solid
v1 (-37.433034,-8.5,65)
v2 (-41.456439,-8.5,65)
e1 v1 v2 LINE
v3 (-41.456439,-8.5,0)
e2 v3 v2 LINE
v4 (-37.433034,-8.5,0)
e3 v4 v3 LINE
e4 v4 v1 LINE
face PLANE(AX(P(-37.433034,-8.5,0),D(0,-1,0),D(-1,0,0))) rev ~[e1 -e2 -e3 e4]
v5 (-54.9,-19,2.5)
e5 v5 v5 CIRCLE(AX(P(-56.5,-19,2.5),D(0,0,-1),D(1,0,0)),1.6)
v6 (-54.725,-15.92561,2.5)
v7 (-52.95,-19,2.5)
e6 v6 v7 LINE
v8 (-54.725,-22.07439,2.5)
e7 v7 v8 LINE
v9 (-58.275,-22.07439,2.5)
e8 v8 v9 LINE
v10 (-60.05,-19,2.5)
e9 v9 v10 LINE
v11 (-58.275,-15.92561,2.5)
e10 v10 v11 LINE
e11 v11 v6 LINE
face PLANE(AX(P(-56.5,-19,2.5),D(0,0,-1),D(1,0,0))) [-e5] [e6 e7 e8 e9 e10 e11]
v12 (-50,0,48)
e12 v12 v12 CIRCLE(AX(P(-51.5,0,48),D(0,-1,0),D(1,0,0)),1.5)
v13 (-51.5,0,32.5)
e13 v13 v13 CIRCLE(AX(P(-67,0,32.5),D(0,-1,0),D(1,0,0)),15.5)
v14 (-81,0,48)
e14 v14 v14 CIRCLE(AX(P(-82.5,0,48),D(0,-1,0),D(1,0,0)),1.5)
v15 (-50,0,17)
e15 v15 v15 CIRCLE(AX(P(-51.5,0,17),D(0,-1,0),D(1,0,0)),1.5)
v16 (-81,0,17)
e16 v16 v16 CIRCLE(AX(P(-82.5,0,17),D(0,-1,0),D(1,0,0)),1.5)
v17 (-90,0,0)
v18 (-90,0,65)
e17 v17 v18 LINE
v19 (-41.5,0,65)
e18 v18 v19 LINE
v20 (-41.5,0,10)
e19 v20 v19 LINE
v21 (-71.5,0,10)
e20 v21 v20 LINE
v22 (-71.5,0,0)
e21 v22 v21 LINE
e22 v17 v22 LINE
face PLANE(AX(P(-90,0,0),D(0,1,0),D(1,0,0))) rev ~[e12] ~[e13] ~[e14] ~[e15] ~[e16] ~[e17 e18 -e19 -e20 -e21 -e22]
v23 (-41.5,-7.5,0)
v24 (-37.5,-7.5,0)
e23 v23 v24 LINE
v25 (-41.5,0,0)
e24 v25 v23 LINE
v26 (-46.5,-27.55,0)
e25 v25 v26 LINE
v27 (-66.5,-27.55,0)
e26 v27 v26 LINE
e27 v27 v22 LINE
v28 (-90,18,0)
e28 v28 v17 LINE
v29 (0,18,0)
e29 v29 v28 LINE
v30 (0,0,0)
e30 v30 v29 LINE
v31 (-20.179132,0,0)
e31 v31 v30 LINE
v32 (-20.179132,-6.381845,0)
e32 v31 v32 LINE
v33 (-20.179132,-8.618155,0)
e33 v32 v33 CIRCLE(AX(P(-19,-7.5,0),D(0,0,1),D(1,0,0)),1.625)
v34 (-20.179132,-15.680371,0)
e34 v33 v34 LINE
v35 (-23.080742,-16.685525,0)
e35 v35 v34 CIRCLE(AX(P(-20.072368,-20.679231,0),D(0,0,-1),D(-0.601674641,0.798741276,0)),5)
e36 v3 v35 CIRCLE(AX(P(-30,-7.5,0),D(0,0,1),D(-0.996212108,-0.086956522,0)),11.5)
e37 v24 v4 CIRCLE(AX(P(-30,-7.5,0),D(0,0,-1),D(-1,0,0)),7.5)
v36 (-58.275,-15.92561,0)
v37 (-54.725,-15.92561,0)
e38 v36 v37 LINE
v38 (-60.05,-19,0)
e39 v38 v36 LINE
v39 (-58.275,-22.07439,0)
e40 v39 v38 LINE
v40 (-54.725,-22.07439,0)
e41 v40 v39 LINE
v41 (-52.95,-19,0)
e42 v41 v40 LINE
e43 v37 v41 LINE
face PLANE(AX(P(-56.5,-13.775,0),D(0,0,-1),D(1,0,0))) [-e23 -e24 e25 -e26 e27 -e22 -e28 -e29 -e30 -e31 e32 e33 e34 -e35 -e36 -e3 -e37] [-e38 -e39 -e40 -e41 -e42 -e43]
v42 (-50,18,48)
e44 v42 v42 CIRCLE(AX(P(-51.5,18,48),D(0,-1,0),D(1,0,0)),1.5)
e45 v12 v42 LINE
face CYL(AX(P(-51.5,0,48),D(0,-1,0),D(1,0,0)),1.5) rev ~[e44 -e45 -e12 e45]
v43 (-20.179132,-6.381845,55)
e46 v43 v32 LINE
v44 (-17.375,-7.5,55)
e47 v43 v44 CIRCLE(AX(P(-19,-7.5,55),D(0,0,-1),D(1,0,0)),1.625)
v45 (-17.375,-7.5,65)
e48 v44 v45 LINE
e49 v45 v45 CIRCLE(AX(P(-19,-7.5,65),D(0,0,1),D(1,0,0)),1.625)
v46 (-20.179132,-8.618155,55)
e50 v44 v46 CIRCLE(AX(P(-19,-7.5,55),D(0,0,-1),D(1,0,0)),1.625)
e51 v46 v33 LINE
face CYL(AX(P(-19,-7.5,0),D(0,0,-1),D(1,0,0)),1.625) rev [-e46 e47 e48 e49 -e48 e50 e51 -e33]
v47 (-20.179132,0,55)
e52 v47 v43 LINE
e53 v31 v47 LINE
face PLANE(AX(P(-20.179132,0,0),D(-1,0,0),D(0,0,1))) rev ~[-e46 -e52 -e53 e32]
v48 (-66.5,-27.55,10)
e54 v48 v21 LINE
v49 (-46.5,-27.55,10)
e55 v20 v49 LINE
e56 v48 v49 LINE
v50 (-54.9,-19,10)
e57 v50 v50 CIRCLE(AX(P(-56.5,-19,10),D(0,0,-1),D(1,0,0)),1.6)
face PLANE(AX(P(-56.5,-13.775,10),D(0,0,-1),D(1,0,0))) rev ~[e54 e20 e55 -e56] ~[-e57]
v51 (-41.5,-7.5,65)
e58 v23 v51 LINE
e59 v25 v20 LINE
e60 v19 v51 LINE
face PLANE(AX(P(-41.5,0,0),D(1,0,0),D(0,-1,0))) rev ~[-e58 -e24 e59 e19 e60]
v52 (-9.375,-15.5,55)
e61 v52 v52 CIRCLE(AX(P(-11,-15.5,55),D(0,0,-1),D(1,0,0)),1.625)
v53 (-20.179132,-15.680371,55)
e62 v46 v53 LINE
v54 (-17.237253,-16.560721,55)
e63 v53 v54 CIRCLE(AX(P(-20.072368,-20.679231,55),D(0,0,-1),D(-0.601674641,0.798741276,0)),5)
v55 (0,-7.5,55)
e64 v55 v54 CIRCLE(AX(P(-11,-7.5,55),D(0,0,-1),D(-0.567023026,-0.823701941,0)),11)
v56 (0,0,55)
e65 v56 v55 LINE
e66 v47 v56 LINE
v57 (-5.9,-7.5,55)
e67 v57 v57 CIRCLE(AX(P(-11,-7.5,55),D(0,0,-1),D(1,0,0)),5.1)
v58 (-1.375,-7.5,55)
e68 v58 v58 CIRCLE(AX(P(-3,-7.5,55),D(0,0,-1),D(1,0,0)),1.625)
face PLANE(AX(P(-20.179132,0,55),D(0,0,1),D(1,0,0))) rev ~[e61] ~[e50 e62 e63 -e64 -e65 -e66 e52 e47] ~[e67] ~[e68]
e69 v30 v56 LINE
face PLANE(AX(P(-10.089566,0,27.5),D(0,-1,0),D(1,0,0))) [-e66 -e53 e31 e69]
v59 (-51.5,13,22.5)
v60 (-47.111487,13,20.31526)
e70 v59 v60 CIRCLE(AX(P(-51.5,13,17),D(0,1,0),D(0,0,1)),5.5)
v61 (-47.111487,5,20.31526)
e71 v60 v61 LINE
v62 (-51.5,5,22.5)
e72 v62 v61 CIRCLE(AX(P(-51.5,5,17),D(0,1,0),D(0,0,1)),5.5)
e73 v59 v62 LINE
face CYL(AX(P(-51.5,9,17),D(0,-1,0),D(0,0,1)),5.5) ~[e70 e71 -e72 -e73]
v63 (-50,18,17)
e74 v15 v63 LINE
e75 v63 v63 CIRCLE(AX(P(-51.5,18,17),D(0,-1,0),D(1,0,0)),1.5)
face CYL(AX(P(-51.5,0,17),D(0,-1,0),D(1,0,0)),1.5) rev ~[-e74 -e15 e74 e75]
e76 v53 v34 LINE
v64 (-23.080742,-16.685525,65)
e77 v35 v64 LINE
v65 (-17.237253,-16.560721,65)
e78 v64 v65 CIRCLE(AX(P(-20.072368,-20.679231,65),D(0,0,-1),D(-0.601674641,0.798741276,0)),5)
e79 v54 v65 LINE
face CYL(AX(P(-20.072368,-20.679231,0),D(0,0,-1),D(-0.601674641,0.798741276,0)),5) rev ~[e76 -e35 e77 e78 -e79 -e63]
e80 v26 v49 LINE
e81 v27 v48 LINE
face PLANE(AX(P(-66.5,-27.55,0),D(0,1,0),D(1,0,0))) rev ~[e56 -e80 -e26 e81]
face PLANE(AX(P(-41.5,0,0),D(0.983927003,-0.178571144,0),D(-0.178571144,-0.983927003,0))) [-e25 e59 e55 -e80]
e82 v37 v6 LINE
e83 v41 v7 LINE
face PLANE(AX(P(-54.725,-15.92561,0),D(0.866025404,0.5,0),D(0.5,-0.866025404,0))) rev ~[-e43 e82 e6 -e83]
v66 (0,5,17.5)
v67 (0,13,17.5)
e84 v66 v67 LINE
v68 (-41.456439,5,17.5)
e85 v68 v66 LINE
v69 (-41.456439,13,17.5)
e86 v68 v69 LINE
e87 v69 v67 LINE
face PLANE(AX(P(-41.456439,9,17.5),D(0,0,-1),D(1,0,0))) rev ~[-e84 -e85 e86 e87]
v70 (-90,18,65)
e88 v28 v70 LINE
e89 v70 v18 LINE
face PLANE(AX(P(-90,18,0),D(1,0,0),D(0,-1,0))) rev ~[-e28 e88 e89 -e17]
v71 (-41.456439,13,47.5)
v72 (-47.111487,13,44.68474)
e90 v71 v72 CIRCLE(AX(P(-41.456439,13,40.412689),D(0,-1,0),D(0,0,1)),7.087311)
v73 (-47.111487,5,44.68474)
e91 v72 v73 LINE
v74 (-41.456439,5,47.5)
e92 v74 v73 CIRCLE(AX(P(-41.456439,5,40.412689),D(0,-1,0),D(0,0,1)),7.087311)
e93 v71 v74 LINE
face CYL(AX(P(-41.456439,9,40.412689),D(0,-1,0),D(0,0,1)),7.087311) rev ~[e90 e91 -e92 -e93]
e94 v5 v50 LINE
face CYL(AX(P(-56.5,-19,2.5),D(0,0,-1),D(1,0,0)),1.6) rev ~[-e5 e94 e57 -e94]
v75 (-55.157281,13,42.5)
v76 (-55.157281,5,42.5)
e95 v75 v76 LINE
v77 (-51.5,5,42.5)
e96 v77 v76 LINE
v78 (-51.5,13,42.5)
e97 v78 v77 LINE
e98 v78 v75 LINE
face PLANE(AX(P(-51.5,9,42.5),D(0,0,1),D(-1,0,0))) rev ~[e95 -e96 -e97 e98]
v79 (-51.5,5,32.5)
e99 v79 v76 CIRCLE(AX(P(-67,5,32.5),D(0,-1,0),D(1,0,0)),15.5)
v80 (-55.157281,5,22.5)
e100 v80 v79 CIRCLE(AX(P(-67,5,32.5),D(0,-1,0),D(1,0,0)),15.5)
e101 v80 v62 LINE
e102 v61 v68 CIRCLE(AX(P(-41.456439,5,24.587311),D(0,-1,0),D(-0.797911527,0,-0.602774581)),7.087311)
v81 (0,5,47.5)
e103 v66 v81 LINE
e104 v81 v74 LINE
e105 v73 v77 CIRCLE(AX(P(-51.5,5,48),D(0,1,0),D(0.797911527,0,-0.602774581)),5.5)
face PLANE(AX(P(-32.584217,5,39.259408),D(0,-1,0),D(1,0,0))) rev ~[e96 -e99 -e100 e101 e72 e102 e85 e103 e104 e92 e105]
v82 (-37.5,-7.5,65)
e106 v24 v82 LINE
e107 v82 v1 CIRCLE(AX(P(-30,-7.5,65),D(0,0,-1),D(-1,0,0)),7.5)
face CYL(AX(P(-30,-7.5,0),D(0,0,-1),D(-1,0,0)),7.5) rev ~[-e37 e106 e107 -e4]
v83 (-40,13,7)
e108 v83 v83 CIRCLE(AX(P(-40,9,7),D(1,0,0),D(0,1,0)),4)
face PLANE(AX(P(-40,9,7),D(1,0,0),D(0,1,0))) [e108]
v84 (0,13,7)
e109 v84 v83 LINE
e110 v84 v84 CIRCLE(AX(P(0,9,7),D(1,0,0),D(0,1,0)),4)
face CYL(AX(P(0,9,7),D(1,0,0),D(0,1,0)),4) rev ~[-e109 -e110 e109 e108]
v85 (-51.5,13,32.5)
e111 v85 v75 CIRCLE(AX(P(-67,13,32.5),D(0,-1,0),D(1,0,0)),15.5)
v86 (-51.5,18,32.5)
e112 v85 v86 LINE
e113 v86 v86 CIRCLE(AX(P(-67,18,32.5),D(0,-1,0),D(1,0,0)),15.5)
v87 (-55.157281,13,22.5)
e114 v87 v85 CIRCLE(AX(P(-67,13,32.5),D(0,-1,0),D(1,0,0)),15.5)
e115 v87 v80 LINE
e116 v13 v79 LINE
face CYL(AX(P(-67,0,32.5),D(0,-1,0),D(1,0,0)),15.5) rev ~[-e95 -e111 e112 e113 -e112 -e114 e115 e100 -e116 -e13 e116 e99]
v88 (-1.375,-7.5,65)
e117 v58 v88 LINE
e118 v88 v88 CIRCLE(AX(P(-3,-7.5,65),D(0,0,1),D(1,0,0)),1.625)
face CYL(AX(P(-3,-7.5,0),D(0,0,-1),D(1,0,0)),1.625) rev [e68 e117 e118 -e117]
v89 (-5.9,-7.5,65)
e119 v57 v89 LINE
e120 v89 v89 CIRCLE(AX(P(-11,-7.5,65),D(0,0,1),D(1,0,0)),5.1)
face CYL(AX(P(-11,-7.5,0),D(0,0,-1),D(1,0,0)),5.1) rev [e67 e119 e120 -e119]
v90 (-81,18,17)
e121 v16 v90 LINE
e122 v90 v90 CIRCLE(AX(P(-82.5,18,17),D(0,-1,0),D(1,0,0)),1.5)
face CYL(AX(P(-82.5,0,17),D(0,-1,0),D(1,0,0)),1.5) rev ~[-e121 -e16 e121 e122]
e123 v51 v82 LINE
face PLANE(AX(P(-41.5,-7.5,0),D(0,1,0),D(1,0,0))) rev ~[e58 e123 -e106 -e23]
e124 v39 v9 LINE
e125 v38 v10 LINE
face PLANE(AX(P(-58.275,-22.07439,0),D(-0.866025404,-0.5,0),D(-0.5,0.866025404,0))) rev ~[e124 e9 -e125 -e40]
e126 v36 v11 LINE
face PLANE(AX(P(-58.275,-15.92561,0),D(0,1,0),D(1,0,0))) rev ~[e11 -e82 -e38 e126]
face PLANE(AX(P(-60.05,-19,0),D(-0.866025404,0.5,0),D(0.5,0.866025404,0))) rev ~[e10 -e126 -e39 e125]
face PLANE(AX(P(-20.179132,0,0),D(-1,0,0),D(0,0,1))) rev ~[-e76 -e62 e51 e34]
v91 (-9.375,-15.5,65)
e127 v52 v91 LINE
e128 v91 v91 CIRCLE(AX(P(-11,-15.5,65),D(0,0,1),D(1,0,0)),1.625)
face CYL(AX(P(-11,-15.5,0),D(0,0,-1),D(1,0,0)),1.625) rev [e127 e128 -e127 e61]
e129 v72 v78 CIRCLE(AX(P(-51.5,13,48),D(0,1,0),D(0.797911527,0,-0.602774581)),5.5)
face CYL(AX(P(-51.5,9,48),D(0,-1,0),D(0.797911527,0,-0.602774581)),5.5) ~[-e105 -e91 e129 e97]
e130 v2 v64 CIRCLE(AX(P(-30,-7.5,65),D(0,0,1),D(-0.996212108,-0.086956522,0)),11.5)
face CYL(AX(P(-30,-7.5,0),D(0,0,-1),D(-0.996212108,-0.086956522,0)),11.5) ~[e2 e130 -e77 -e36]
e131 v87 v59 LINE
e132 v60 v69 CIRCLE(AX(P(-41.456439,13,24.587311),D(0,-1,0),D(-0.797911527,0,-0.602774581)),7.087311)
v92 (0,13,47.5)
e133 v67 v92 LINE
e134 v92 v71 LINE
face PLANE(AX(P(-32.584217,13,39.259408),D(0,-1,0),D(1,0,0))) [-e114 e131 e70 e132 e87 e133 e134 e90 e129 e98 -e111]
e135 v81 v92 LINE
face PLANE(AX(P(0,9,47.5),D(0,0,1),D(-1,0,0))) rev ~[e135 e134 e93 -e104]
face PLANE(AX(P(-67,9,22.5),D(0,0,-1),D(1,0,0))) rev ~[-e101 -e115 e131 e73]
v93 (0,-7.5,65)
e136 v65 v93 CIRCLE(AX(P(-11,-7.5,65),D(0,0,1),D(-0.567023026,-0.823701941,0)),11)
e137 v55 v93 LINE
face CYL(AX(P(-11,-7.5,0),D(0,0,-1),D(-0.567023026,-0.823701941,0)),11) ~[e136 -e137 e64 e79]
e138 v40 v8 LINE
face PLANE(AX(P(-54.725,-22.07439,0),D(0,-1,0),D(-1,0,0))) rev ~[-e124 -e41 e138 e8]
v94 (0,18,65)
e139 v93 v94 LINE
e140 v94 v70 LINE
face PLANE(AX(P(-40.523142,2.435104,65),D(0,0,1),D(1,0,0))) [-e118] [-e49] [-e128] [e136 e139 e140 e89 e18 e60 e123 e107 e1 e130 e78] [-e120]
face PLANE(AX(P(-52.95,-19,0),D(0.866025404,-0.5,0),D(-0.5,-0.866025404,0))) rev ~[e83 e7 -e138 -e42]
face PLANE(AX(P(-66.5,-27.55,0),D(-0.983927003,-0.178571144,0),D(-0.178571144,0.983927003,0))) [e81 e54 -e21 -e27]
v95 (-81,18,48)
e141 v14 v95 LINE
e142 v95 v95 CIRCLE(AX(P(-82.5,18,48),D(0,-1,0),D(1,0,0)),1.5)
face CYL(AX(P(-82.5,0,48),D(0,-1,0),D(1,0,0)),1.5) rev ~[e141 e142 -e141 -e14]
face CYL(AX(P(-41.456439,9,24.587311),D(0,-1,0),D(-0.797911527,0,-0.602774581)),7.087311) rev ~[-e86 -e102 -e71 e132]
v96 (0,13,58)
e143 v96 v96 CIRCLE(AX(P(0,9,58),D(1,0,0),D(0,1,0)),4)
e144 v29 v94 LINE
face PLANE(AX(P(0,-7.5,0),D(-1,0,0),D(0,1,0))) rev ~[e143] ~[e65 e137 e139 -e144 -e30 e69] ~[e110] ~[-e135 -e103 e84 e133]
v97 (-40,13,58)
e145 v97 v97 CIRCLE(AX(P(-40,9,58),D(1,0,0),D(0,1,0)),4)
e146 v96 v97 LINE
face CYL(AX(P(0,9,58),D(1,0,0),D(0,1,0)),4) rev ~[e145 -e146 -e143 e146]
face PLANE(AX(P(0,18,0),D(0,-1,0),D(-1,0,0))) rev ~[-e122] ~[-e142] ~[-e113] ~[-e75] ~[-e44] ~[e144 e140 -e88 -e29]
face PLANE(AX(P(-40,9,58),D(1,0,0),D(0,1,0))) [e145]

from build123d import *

# Parameters (mm, degrees)
F0_R      = 1.625
F0_R_2    = 5.1
F1_DEPTH  = 65
F2_W      = 20.1791324483
F2_H      = 55
F3_DEPTH  = 19.001
F4_R      = 15.5
F4_R_2    = 1.5
F5_DEPTH  = 18.001
F6_R      = 4
F7_DEPTH  = 40
F13_DEPTH = 4
F14_W     = 20
F14_H     = 27.55
F15_DEPTH = 10
F16_DEPTH = 2.5
F17_R     = 1.6
F18_DEPTH = 62.501


with BuildPart() as f1:
    # F0 (on Top) → F1 (new body)
    with BuildSketch(Plane.XY):
        with BuildLine():
            Line((0, 0), (0, 18))
            Line((0, 18), (-90, 18))
            Line((-90, 18), (-90, 0))
            Line((-90, 0), (-41.5, 0))
            Line((-41.5, 0), (-41.5, -7.5))
            Line((-41.5, -7.5), (-37.5, -7.5))
            ThreePointArc((-37.5, -7.5), (-22.5167601334, -6.9988801553), (-37.4330343737, -8.5))
            Line((-37.4330343737, -8.5), (-41.4564392374, -8.5))
            ThreePointArc((-41.4564392374, -8.5), (-34.6794450635, -18.0048938071), (-23.0807416268, -16.6855246755))
            ThreePointArc((-23.0807416268, -16.6855246755), (-20.1791324483, -15.6803710419), (-17.2372532895, -16.5607213511))
            ThreePointArc((-17.2372532895, -16.5607213511), (-5.8818844378, -17.2367804274), (0, -7.5))
            Line((0, -7.5), (0, 0))
        make_face()
        with Locations((-11, -15.5)):
            Circle(F0_R, mode=Mode.SUBTRACT)
        with Locations((-19, -7.5)):
            Circle(F0_R, mode=Mode.SUBTRACT)
        with Locations((-11, -7.5)):
            Circle(F0_R_2, mode=Mode.SUBTRACT)
        with Locations((-3, -7.5)):
            Circle(F0_R, mode=Mode.SUBTRACT)
    extrude(amount=F1_DEPTH)

    # F2 (on face) → F3 (cut, through all)
    with BuildSketch(Plane.XZ):
        with Locations((-10.0895662241, 27.5)):
            Rectangle(F2_W, F2_H)
    extrude(amount=F3_DEPTH, mode=Mode.SUBTRACT)

    # F4 (on face) → F5 (cut, through all)
    with BuildSketch(Plane.XZ):
        with Locations((-67, 32.5)):
            Circle(F4_R)
        with Locations((-82.5, 17)):
            Circle(F4_R_2)
        with Locations((-51.5, 17)):
            Circle(F4_R_2)
        with Locations((-51.5, 48)):
            Circle(F4_R_2)
        with Locations((-82.5, 48)):
            Circle(F4_R_2)
    extrude(amount=-F5_DEPTH, mode=Mode.SUBTRACT)

    # F6 (on face) → F7 (cut)
    with BuildSketch(Plane.YZ):
        with Locations((9, 58)):
            Circle(F6_R)
        with Locations((9, 7)):
            Circle(F6_R)
    extrude(amount=-F7_DEPTH, mode=Mode.SUBTRACT)

    # F12 (on 3pt) → F13 (cut, symmetric)
    with BuildSketch(Plane.XZ.offset(-9)):
        with BuildLine():
            Line((-67, 32.5), (0, 32.5))
            Line((0, 32.5), (0, 47.5))
            Line((0, 47.5), (-41.4564392374, 47.5))
            ThreePointArc((-41.4564392374, 47.5), (-44.6149693804, 46.7572666031), (-47.1114866019, 44.6847398058))
            ThreePointArc((-47.1114866019, 44.6847398058), (-49.0488707774, 43.0763869431), (-51.5, 42.5))
            Line((-51.5, 42.5), (-67, 42.5))
            Line((-67, 42.5), (-67, 32.5))
        make_face()
        with BuildLine():
            Line((0, 17.5), (0, 32.5))
            Line((0, 32.5), (-67, 32.5))
            Line((-67, 32.5), (-67, 22.5))
            Line((-67, 22.5), (-51.5, 22.5))
            ThreePointArc((-51.5, 22.5), (-49.0488707774, 21.9236130569), (-47.1114866019, 20.3152601942))
            ThreePointArc((-47.1114866019, 20.3152601942), (-44.6149693804, 18.2427333969), (-41.4564392374, 17.5))
            Line((-41.4564392374, 17.5), (0, 17.5))
        make_face()
    extrude(amount=F13_DEPTH, both=True, mode=Mode.SUBTRACT)

    # F14 (on face) → F15 (join)
    with BuildSketch(Plane(origin=(0, 0, 0), x_dir=(1, 0, 0), z_dir=(0, 0, -1))):
        with Locations((-56.5, 13.775)):
            Rectangle(F14_W, F14_H)
        Polygon((-52.95, 19), (-54.725, 15.9256098166), (-58.275, 15.9256098166), (-60.05, 19), (-58.275, 22.0743901834), (-54.725, 22.0743901834), align=None, mode=Mode.SUBTRACT)
        Polygon((-71.5, 0), (-66.5, 0), (-66.5, 27.55), align=None)
        Polygon((-46.5, 27.55), (-46.5, 0), (-41.5, 0), align=None)
        Polygon((-58.275, 15.9256098166), (-54.725, 15.9256098166), (-52.95, 19), (-54.725, 22.0743901834), (-58.275, 22.0743901834), (-60.05, 19), align=None)
    extrude(amount=-F15_DEPTH)

    # F14 (on face) → F16 (cut)
    with BuildSketch(Plane(origin=(0, 0, 0), x_dir=(1, 0, 0), z_dir=(0, 0, -1))):
        Polygon((-58.275, 15.9256098166), (-54.725, 15.9256098166), (-52.95, 19), (-54.725, 22.0743901834), (-58.275, 22.0743901834), (-60.05, 19), align=None)
    extrude(amount=-F16_DEPTH, mode=Mode.SUBTRACT)

    # F17 (on face) → F18 (cut, through all)
    with BuildSketch(Plane(origin=(0, 0, 2.5), x_dir=(1, 0, 0), z_dir=(0, 0, -1))):
        with Locations((-56.5, 19)):
            Circle(F17_R)
    extrude(amount=-F18_DEPTH, mode=Mode.SUBTRACT)


solid = f1.part
